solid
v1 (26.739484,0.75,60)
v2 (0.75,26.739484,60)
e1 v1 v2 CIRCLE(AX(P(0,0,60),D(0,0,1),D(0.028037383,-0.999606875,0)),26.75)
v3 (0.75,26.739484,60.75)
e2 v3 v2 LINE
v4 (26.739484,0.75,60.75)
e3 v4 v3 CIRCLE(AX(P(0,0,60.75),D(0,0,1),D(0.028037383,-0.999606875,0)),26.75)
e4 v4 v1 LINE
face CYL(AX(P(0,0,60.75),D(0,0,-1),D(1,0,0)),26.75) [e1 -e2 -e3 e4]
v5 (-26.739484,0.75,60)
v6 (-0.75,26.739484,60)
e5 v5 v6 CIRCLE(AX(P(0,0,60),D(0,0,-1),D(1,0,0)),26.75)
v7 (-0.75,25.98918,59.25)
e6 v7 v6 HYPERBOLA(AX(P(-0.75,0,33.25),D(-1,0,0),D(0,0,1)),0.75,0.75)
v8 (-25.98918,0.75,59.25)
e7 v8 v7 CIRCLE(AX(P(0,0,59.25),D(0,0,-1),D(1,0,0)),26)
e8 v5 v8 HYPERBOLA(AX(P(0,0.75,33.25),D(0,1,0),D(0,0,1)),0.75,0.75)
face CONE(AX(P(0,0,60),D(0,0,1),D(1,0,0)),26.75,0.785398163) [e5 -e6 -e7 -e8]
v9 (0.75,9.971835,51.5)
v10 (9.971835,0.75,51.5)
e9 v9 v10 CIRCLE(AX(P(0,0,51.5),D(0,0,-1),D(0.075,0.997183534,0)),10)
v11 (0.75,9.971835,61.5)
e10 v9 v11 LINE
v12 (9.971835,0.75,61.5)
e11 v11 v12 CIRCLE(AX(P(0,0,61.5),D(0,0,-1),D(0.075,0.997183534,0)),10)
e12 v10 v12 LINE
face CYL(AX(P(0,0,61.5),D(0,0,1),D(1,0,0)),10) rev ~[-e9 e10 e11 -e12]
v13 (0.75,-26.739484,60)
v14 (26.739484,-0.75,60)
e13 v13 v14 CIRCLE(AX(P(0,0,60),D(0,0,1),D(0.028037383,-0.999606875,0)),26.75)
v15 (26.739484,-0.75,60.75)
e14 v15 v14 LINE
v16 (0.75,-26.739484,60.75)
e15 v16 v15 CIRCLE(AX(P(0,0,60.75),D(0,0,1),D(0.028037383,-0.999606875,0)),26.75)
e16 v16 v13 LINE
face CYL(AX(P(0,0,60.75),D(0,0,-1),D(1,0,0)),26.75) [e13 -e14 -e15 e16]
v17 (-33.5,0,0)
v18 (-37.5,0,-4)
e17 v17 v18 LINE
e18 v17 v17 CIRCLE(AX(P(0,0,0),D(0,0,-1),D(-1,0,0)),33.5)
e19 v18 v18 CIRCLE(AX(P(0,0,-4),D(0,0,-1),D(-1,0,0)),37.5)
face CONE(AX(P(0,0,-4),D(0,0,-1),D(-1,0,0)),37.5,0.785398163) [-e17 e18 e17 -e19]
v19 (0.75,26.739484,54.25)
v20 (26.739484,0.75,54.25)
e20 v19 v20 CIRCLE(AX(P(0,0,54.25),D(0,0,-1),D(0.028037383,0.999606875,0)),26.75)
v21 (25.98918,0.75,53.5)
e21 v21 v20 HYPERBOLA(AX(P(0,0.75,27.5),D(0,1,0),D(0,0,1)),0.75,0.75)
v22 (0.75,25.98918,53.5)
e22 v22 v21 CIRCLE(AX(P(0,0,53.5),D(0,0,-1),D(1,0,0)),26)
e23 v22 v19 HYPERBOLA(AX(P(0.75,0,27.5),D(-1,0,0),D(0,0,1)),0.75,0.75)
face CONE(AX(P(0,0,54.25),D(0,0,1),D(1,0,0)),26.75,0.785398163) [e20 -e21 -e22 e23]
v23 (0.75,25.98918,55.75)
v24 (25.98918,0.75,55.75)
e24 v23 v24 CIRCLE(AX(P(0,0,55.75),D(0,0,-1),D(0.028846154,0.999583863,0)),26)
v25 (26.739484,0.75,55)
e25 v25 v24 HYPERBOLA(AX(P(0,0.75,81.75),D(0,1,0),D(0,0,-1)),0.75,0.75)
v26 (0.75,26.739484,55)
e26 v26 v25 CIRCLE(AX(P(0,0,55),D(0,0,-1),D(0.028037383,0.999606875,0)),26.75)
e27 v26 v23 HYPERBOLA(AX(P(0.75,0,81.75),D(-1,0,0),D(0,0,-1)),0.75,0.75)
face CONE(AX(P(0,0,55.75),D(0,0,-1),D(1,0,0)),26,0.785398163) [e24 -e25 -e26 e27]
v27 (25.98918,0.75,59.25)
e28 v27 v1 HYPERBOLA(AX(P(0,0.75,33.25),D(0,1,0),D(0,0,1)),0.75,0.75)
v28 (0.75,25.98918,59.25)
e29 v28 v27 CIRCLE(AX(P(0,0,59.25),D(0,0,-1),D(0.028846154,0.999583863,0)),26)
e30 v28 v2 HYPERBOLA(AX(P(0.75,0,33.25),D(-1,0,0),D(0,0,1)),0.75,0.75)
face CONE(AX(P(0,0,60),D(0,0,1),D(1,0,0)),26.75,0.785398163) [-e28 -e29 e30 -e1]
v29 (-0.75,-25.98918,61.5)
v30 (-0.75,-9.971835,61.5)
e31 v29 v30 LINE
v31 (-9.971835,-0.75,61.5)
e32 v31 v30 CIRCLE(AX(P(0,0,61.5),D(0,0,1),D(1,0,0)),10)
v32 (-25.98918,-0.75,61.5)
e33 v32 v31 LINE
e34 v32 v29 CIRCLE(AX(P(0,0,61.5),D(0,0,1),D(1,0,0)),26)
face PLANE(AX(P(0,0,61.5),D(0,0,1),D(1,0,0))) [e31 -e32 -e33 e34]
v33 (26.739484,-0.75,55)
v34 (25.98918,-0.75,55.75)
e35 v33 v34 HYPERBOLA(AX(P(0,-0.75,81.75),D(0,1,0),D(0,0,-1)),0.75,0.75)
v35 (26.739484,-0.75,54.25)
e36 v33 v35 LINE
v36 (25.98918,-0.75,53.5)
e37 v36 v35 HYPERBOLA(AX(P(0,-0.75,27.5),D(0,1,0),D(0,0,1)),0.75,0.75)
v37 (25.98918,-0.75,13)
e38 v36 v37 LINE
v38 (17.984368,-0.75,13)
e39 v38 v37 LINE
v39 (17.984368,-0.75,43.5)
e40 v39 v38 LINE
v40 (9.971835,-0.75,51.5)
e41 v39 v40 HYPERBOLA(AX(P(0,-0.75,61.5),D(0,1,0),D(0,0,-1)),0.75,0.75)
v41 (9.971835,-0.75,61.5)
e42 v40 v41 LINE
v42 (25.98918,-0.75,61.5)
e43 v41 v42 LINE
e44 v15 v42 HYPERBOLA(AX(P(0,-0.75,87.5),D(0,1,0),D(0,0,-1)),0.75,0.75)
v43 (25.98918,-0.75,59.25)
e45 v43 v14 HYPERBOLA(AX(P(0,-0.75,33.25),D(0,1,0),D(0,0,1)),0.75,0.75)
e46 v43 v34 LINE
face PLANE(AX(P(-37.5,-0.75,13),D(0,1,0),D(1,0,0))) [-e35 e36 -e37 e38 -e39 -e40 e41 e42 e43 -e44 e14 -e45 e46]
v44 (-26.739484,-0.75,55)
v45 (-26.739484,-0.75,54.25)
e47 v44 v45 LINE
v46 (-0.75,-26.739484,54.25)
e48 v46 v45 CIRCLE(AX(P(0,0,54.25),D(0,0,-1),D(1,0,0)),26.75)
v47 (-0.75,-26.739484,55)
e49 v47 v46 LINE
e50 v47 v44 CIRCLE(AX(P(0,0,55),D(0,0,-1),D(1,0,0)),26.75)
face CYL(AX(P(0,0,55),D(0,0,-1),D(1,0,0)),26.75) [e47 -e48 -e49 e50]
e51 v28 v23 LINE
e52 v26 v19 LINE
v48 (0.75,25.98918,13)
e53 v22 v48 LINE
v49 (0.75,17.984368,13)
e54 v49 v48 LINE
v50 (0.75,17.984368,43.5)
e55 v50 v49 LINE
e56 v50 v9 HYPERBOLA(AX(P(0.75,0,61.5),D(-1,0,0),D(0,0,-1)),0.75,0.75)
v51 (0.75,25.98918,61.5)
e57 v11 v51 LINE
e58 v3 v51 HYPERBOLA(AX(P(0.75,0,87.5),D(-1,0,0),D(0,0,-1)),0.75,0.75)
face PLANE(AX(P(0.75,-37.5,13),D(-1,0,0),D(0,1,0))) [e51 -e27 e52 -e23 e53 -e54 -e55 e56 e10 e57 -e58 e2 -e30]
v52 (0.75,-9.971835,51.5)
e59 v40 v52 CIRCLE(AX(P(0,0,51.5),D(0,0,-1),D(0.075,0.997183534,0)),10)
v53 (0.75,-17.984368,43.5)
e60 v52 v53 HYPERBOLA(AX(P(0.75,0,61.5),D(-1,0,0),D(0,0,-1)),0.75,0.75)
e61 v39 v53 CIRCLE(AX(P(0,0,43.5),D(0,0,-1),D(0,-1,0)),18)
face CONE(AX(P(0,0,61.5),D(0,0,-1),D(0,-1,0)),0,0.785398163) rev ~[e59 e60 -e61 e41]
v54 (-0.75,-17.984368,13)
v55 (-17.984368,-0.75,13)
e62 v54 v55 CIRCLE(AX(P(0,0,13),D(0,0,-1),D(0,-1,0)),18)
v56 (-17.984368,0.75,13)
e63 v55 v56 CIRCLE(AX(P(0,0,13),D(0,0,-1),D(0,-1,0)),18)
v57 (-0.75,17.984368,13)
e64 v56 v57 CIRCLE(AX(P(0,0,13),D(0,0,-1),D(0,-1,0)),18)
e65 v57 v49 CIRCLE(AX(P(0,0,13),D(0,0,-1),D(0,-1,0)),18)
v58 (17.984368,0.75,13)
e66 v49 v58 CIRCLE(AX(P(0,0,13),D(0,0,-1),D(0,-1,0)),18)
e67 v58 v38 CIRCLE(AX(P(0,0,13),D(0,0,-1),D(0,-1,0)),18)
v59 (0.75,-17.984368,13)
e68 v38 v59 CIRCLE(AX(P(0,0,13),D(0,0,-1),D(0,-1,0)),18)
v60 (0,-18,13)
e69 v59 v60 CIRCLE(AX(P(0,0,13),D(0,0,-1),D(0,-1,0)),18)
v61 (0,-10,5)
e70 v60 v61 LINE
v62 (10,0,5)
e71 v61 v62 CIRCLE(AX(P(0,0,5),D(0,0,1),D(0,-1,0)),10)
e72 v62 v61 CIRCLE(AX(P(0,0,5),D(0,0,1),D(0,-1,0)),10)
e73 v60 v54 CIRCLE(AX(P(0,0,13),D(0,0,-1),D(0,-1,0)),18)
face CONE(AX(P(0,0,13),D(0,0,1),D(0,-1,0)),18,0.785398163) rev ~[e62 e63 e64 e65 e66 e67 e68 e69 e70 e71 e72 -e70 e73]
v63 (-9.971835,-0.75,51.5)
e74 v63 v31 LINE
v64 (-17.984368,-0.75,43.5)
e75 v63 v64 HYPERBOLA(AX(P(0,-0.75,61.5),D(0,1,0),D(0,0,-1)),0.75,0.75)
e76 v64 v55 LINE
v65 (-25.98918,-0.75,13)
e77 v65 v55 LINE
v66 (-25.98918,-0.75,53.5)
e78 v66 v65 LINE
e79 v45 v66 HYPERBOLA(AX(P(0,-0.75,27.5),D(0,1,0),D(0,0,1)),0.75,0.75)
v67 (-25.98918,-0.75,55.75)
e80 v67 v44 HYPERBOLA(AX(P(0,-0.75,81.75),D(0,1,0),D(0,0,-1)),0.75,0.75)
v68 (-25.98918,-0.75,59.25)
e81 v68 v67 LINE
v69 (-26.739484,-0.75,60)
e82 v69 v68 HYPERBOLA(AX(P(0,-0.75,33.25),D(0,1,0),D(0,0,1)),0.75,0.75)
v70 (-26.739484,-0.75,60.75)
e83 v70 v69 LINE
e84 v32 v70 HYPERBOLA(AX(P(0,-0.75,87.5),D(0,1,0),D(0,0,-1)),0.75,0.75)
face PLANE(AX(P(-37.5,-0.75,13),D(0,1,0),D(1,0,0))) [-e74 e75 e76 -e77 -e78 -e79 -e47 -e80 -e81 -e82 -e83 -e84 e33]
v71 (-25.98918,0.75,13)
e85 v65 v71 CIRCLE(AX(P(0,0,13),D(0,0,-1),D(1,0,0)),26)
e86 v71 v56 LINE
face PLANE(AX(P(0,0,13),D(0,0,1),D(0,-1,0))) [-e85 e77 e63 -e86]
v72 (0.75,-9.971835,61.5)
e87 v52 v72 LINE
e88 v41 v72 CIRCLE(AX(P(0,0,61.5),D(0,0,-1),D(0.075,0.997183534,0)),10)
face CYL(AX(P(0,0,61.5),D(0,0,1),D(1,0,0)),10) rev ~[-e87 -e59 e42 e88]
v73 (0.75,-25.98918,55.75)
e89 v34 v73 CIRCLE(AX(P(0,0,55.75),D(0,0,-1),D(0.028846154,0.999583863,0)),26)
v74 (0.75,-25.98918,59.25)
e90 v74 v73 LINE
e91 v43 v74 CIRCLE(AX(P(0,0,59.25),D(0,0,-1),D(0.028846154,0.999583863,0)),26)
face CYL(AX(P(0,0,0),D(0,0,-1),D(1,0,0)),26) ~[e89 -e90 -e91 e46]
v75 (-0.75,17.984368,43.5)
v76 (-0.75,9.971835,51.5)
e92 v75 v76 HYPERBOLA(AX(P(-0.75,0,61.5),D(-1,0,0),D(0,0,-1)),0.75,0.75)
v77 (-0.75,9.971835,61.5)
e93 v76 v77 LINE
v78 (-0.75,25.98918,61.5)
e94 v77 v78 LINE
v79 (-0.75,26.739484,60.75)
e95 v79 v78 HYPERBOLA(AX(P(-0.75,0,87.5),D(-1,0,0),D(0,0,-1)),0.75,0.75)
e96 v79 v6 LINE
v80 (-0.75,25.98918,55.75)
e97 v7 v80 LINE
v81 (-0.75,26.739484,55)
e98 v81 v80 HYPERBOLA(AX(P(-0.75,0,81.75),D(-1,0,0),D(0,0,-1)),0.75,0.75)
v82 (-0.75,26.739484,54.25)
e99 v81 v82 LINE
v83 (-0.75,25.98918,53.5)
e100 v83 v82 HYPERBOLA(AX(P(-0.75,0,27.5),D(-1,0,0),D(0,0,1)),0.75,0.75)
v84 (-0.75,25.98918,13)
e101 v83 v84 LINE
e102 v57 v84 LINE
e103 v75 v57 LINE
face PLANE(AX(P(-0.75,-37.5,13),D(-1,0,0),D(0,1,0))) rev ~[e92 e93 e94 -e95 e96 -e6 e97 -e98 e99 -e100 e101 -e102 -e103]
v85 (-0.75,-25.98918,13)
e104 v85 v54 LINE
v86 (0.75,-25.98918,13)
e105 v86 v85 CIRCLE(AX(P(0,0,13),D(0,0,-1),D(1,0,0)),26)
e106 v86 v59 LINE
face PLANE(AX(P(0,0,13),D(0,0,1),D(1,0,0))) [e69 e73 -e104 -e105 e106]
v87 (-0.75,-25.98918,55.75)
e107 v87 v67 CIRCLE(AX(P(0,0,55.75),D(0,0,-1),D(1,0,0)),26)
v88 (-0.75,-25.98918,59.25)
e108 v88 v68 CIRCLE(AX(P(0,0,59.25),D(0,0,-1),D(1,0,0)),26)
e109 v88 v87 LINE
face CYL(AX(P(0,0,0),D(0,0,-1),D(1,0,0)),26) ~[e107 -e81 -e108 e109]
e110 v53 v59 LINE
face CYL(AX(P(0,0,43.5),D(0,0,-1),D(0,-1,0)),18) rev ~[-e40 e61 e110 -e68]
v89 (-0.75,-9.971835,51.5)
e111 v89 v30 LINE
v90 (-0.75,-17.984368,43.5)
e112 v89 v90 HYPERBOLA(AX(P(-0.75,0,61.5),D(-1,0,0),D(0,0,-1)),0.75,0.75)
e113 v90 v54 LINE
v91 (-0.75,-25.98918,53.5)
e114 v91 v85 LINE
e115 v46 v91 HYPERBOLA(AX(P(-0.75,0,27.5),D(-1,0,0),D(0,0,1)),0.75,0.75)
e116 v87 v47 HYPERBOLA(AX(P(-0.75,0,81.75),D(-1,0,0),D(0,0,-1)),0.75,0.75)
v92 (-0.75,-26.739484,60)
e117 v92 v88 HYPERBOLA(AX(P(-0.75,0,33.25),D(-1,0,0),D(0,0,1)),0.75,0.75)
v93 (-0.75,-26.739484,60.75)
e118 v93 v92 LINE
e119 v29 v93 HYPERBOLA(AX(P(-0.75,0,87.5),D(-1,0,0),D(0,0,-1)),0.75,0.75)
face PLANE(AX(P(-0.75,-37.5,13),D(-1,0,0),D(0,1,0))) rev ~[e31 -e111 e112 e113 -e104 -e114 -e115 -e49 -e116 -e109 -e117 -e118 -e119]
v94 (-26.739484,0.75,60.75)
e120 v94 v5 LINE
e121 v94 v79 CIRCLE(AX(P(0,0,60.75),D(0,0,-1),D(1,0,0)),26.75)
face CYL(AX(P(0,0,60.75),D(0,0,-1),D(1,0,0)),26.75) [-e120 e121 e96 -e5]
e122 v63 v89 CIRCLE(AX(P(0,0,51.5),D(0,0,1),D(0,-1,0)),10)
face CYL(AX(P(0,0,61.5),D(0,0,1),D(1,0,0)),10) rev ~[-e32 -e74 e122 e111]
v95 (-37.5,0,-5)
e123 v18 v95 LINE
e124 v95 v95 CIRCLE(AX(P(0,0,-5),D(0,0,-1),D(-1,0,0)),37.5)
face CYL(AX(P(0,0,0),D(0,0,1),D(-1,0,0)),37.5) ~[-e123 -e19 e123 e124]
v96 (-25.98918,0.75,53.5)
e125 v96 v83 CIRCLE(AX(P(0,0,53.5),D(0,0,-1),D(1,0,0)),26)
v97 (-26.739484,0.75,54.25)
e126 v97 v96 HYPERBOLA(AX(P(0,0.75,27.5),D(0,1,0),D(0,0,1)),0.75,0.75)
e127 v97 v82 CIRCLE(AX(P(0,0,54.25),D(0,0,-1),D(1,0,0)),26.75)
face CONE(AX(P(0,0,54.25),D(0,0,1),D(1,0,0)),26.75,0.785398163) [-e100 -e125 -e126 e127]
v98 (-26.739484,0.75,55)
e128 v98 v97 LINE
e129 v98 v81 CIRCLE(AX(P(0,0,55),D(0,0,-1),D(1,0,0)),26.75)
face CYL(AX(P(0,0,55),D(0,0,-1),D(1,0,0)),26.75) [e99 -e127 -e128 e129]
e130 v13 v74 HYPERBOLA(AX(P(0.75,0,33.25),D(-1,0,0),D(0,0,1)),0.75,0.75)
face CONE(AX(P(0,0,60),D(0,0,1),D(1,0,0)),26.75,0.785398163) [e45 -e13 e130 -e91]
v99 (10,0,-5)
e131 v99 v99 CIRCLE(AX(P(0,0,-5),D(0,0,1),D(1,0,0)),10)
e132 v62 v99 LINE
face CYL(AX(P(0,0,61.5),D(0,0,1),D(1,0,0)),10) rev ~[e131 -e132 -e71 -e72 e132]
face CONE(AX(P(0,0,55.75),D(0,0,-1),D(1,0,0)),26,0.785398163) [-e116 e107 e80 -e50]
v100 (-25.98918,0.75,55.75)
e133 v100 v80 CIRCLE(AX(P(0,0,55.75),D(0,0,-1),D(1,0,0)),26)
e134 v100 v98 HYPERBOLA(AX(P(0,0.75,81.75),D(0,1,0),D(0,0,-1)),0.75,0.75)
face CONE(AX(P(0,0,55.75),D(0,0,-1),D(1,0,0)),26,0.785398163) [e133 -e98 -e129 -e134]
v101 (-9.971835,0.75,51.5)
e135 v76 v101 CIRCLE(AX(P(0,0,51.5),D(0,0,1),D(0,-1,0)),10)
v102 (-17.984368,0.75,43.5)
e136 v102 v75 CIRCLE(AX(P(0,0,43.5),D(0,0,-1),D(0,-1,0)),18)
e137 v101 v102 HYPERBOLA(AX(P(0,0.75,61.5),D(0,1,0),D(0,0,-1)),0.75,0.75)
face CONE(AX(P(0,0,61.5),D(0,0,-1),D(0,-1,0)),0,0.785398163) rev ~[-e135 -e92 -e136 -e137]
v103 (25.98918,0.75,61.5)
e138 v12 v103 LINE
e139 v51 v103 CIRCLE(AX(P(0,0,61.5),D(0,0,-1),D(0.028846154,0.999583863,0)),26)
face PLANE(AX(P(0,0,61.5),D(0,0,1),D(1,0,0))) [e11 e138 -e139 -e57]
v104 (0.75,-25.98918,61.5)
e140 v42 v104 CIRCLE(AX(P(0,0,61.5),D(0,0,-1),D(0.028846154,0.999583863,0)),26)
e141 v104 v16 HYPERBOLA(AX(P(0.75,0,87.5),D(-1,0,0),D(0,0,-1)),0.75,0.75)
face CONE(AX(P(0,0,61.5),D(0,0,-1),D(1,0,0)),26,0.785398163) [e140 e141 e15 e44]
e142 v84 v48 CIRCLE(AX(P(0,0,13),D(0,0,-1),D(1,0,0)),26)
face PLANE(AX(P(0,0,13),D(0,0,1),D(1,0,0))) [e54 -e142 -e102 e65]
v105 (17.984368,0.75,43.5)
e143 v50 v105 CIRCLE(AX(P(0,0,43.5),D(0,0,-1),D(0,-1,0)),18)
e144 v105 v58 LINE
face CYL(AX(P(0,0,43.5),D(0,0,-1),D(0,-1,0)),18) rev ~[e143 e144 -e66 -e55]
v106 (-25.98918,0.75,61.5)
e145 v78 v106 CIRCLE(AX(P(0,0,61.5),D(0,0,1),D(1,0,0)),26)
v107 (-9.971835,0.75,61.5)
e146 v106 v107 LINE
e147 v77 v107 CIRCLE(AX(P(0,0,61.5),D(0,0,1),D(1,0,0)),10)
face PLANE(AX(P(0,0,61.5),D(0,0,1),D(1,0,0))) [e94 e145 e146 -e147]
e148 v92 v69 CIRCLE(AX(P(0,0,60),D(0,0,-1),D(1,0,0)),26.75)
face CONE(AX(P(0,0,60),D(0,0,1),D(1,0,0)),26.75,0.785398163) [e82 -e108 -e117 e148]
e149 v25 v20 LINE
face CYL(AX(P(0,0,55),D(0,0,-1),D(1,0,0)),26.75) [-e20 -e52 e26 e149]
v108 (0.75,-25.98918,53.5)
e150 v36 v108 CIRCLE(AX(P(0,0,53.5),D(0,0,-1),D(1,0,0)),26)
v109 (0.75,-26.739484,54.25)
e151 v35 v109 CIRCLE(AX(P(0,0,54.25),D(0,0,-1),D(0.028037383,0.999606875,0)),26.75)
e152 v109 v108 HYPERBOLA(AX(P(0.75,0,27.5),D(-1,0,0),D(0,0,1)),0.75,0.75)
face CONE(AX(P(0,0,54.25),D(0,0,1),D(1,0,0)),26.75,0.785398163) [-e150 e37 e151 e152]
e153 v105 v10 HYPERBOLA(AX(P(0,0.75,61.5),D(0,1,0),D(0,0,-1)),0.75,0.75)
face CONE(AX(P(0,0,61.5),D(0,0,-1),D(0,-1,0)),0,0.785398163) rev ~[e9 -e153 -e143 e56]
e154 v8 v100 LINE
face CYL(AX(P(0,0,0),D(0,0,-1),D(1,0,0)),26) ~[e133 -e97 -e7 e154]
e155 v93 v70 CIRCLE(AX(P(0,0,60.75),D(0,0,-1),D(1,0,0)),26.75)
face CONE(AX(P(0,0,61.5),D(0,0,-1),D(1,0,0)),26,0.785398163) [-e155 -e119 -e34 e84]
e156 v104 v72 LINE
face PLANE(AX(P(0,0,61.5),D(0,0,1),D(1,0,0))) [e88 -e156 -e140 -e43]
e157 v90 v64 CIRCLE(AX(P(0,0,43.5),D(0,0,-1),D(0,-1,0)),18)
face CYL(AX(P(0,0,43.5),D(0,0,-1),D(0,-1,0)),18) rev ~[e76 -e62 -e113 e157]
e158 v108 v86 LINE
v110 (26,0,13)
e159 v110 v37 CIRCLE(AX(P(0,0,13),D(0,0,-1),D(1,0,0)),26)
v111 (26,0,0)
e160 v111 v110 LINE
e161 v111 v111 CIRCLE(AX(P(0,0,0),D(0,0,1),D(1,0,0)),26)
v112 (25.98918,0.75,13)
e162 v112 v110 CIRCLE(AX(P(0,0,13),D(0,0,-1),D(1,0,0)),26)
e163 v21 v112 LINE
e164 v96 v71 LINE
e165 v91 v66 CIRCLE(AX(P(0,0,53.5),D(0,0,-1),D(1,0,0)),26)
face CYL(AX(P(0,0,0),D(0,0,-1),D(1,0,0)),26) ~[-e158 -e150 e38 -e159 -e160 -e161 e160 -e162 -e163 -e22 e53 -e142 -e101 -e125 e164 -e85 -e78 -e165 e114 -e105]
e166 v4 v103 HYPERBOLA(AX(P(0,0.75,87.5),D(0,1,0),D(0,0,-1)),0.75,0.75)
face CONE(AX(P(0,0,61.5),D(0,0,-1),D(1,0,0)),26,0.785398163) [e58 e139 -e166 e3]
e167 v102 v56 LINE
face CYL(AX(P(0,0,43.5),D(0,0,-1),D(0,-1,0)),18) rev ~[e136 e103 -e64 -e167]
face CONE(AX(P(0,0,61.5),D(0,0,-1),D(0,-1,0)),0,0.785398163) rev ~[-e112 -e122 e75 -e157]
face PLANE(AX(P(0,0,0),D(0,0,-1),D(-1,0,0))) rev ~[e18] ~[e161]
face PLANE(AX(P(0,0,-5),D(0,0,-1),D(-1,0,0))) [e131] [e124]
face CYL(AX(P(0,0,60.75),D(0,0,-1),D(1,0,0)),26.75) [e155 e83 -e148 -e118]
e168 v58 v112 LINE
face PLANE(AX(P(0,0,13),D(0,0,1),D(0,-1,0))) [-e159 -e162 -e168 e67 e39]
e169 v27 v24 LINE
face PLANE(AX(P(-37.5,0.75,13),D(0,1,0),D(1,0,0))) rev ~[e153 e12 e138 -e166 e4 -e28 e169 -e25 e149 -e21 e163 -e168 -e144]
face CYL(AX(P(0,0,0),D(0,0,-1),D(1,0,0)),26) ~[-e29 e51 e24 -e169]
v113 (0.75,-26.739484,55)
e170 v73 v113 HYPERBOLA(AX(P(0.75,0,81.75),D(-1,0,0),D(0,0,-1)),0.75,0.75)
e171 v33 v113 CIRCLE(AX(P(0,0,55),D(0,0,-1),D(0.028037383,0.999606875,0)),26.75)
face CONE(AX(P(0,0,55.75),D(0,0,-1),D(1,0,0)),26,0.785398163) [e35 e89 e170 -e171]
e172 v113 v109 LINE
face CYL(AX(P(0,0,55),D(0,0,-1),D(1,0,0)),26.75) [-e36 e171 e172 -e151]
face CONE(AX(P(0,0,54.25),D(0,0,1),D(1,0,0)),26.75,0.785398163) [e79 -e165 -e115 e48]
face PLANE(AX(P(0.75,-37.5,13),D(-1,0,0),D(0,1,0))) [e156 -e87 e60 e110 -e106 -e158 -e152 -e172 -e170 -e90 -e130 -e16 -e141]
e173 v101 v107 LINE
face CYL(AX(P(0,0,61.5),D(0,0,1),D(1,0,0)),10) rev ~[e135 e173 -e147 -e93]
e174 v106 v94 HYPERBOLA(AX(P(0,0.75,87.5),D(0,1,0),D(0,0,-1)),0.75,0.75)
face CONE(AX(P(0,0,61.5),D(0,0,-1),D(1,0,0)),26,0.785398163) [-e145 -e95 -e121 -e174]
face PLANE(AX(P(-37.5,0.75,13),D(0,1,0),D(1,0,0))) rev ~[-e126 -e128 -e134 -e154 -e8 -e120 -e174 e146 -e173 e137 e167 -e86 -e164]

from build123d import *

# Parameters (mm, degrees)
AXLE_BASE_SKETCH_R        = 26
AXLE_DEPTH                = 61.5
GUARD_BASE_R              = 37.5
GUARD_DEPTH               = 5
INNER_AXLE_HOLE_BASE_R    = 10
INNER_AXLE_HOLE_DEPTH     = 67.5
BEND_START                = -48.5
BEND_ROOM_BASE_W          = 1.5
BEND_ROOM_BASE_H          = 75
BEND_ROOM_1_DEPTH         = 48.5
BEND_ROOM_2_COUNT         = 2
BEND_ROOM_2_ANGLE         = 90
EASY_REMOVAL_CHAMFER_SIZE = 4


with BuildPart() as part:
    # Axle base sketch → Axle (new body)
    with BuildSketch(Plane.XY):
        Circle(AXLE_BASE_SKETCH_R)
    extrude(amount=AXLE_DEPTH)

    # Guard base → Guard (add)
    with BuildSketch(Plane(origin=(0, 0, 0), x_dir=(-1, 0, 0), z_dir=(0, 0, -1))):
        Circle(GUARD_BASE_R)
    extrude(amount=GUARD_DEPTH)

    # Inner axle hole base → Inner axle hole (cut, through all)
    with BuildSketch(Plane.XY.offset(61.5)):
        Circle(INNER_AXLE_HOLE_BASE_R)
    extrude(amount=-INNER_AXLE_HOLE_DEPTH, mode=Mode.SUBTRACT)

    # Mate ring base → Mate rings (revolve)
    with BuildSketch(Plane(origin=(0, 0, 0), x_dir=(1, 0, 0), z_dir=(0, 1, 0))):
        Polygon((26, -61.5), (26.75, -60.75), (26.75, -60), (26, -59.25), align=None)
        Polygon((26, -55.75), (26.75, -55), (26.75, -54.25), (26, -53.5), align=None)
    revolve(axis=Axis((0, 0, 0), (0, 0, -1)))

    # Inner mass remove base → Inner mass remove (revolve, cut)
    with BuildSketch(Plane(origin=(0, 0, 0), x_dir=(0, 0, -1), z_dir=(1, 0, 0))):
        Polygon((-61.5, 0), (-43.5, -18), (-13, -18), (5, 0), align=None)
    revolve(axis=Axis((0, 0, 0), (0, 0, -1)), mode=Mode.SUBTRACT)

    # Bend room base → Bend room 1 (cut)
    with BuildSketch(Plane.XY.offset(61.5).offset(BEND_START)):
        Rectangle(BEND_ROOM_BASE_W, BEND_ROOM_BASE_H)
    bend_room_1 = extrude(amount=BEND_ROOM_1_DEPTH, mode=Mode.SUBTRACT)

    # Bend room 2: Bend room 1 ×2 about axis
    bend_room_2_axis = Axis((0, 0, 0), (0, 0, -1))
    for i in range(1, BEND_ROOM_2_COUNT):
        add(bend_room_1.rotate(bend_room_2_axis, i * BEND_ROOM_2_ANGLE / (BEND_ROOM_2_COUNT - 1)), mode=Mode.SUBTRACT)

    # Easy removal chamfer
    easy_removal_chamfer_edges = [part.edges().sort_by_distance(p)[0] for p in [
        (37.5, 0, 0),
    ]]
    chamfer(easy_removal_chamfer_edges, length=EASY_REMOVAL_CHAMFER_SIZE)


solid = part.part
